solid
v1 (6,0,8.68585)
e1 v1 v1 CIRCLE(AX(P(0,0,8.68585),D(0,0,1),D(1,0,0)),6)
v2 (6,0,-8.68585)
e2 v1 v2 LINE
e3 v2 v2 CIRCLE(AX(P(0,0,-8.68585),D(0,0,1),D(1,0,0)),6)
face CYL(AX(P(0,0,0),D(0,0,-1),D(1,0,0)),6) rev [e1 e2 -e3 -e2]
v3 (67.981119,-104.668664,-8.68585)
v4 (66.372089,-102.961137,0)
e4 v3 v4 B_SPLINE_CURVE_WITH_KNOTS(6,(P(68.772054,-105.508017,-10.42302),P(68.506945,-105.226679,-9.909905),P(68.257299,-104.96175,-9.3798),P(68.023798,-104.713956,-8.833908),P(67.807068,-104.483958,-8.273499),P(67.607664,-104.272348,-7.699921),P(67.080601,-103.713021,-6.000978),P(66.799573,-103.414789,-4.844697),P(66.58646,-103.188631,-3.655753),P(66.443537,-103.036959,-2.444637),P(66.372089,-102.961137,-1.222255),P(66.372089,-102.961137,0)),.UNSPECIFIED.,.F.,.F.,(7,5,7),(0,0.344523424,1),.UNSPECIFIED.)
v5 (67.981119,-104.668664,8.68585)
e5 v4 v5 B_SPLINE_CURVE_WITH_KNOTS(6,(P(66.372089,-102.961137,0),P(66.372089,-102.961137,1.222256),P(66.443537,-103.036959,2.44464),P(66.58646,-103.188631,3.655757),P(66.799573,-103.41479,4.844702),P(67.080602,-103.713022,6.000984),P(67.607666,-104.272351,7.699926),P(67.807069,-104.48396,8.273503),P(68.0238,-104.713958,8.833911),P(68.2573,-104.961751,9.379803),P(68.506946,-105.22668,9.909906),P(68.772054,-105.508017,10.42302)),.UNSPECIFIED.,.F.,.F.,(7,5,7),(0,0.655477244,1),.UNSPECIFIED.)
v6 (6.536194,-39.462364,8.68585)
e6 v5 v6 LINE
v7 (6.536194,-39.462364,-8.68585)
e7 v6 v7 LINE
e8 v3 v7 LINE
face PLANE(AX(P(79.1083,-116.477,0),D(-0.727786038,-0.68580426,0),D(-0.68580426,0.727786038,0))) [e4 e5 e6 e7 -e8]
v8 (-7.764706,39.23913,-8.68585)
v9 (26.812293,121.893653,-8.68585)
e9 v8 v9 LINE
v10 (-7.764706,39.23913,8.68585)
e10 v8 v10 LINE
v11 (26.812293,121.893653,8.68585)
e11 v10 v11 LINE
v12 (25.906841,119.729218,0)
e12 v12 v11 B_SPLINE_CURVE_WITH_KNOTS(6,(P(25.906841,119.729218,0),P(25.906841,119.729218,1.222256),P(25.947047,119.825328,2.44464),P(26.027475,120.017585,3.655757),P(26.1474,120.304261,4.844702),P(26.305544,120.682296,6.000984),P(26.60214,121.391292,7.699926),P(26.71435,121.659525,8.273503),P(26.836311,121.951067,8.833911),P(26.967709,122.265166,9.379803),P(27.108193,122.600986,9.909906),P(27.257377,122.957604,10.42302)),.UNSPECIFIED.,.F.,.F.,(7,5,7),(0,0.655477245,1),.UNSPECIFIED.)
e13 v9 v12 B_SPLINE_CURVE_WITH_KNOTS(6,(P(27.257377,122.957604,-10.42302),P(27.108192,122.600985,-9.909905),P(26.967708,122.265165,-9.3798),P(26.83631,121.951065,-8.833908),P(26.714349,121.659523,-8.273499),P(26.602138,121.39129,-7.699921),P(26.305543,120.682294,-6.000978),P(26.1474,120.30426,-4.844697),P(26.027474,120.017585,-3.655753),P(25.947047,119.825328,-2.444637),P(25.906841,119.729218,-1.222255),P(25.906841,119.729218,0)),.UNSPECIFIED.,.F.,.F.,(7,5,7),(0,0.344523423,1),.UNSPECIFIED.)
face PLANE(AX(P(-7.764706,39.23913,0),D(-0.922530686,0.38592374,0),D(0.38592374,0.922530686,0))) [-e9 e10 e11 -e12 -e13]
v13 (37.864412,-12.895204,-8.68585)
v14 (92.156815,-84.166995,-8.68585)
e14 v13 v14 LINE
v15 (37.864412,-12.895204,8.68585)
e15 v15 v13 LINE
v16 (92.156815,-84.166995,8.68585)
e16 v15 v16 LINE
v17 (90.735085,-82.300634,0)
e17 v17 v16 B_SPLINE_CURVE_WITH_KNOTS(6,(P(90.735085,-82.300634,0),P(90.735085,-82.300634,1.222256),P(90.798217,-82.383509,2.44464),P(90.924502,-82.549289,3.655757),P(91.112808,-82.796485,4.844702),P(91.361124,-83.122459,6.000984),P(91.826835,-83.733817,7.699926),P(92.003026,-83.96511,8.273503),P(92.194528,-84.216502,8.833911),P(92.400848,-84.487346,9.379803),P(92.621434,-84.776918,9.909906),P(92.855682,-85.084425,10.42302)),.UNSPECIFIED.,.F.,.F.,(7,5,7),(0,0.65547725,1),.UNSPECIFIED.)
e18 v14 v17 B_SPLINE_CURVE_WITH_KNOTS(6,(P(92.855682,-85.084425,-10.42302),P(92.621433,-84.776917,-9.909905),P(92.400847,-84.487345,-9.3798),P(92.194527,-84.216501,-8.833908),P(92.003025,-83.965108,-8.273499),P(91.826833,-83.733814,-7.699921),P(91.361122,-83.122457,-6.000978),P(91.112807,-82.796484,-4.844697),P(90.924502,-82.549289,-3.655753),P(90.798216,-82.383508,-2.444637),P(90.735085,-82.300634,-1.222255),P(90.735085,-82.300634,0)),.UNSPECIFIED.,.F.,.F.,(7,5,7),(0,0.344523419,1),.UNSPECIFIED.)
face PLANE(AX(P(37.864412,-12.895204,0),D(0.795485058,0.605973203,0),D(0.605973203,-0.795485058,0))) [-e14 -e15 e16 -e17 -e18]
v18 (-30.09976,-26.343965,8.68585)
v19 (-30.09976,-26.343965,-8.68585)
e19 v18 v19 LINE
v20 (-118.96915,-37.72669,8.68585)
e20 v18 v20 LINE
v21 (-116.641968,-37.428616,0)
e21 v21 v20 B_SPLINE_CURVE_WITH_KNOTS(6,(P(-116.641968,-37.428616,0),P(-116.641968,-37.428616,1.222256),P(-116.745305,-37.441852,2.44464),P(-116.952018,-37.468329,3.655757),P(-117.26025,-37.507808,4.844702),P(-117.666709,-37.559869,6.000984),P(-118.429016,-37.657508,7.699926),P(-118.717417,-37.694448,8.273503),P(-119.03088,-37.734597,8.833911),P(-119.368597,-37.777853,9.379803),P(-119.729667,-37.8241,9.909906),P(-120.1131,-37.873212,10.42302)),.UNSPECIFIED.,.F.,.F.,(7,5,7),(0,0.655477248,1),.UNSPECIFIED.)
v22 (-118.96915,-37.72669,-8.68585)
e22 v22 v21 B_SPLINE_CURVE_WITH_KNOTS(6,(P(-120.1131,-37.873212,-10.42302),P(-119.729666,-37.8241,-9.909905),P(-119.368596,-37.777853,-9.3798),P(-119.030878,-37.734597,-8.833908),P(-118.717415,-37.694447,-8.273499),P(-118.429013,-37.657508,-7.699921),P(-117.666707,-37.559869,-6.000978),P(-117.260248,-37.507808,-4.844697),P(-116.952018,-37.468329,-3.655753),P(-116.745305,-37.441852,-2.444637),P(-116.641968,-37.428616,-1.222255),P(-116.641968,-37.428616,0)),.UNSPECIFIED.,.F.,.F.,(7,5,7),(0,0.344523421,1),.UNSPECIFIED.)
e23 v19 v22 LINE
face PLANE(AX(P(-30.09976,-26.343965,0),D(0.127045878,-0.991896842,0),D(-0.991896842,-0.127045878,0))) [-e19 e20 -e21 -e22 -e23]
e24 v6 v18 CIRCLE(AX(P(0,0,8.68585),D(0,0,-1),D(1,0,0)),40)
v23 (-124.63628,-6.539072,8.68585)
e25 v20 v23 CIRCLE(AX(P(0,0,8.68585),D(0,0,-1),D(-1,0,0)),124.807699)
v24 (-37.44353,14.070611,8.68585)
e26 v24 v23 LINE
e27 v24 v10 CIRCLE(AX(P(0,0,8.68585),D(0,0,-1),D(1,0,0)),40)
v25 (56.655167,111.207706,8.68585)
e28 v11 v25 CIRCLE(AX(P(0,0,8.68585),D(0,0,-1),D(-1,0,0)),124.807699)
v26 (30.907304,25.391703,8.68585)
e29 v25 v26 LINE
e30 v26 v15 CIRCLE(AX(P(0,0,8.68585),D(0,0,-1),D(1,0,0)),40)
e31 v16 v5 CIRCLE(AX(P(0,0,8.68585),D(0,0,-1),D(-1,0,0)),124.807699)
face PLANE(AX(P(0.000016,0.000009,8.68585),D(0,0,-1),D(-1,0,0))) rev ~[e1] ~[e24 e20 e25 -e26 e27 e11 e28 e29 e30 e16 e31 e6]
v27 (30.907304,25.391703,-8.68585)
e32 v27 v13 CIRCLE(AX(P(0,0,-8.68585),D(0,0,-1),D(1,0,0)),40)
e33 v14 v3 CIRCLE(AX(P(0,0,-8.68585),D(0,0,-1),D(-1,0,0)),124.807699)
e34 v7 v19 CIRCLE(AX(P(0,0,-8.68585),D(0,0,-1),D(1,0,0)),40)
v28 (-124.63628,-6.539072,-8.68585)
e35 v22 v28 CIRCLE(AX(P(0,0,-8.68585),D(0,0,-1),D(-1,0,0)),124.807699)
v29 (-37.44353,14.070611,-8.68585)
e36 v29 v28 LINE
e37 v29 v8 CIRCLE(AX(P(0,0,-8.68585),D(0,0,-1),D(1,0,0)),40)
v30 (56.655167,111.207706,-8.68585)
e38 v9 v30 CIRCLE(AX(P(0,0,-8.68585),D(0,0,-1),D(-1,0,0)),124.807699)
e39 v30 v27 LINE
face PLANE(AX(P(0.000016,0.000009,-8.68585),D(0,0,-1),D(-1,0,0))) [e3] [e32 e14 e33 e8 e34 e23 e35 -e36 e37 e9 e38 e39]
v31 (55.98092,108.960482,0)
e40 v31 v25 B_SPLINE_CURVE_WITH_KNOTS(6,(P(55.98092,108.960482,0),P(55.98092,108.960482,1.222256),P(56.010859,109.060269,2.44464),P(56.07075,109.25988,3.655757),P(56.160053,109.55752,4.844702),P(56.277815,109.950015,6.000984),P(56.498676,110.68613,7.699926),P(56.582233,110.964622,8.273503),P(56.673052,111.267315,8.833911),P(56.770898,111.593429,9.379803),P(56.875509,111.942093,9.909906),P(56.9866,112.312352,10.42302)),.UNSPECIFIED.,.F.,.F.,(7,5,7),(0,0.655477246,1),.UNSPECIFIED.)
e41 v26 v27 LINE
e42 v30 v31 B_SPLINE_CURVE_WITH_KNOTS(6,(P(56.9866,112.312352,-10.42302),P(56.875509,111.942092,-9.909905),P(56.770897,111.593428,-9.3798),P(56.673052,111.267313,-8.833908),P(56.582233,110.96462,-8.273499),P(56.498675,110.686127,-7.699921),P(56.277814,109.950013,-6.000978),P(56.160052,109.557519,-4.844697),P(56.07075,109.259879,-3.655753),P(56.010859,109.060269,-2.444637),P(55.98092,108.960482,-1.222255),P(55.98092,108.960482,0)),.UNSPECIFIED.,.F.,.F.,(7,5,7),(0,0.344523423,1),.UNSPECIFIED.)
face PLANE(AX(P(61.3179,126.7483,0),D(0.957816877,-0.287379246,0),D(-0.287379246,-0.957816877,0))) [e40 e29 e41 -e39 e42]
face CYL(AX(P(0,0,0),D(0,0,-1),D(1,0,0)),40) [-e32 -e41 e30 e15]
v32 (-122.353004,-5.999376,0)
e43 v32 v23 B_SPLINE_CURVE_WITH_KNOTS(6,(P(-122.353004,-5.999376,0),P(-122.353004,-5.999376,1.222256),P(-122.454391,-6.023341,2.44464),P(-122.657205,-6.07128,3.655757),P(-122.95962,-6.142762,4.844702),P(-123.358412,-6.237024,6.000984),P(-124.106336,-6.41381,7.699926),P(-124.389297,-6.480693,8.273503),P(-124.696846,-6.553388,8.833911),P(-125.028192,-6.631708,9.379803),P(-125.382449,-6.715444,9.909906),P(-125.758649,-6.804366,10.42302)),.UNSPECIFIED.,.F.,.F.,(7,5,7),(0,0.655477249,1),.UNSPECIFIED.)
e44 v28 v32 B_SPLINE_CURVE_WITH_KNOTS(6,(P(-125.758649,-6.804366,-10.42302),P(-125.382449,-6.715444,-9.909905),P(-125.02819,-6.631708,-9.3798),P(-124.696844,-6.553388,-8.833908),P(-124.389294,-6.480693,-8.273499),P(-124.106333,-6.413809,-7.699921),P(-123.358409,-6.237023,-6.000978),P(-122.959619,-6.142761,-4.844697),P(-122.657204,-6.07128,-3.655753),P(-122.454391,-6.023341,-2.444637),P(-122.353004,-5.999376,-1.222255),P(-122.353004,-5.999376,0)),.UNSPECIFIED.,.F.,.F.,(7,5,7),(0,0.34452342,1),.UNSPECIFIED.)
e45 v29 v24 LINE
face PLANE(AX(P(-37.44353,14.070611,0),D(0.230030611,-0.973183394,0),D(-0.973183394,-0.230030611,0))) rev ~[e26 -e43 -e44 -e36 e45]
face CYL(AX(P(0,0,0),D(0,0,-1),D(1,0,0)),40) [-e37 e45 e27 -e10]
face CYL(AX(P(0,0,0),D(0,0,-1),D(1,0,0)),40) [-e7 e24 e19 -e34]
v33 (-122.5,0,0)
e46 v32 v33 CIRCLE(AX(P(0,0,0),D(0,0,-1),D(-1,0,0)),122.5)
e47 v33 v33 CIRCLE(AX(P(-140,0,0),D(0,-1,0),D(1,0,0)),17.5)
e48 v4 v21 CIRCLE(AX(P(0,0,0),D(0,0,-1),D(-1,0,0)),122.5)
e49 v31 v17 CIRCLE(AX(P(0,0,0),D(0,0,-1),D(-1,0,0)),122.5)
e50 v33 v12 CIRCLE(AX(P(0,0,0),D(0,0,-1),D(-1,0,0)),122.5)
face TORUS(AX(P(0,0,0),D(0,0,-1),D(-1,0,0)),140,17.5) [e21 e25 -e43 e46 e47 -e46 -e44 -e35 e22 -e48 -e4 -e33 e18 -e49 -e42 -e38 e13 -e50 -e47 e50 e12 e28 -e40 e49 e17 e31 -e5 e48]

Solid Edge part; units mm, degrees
sketch "Sketch1" plane through (0, 0, 0) normal (0, -1, 0) x (1, 0, 0)
  circle A0 centre (-140, 0) radius 17.5
  dimension "D1" = 140
revolve "RevolvedProtrusion1" add sketch "Sketch1" angle 360 about axis through (0, 0, 54) along (0, 0, -1)
sketch "Sketch2" plane through (0, 0, 0) normal (0, 0, 1) x (1, 0, 0)
  line L0 (33.0739, 136.8617) -> (61.3179, 126.7483)
  line L1 (61.3179, 126.7483) -> (30.9073, 25.3917)
  arc A0 (30.9073, 25.3917) -> (37.8644, -12.8952) centre (0, 0) cw
  line L2 (37.8644, -12.8952) -> (101.9887, -97.0737)
  line L3 (101.9887, -97.0737) -> (79.1083, -116.477)
  line L4 (79.1083, -116.477) -> (6.5362, -39.4624)
  arc A1 (6.5362, -39.4624) -> (-30.0998, -26.344) centre (0, 0) cw
  line L5 (-30.0998, -26.344) -> (-135.0626, -39.788)
  line L6 (-135.0626, -39.788) -> (-140.4261, -10.2713)
  line L7 (-37.4435, 14.0706) -> (-140.4261, -10.2713)
  arc A2 (-37.4435, 14.0706) -> (-7.7647, 39.2391) centre (0, 0) cw
  line L8 (-7.7647, 39.2391) -> (33.0739, 136.8617)
  circle A3 centre (0, 0) radius 6
  dimension "D1" = 40
  dimension "D2" = 30
  dimension "D3" = 30
  dimension "D4" = 30
  dimension "D5" = 140
  dimension "D6" = 140
  dimension "D7" = 140
  dimension "D8" = 40
  dimension "D9" = 40
  dimension "D10" = 12
extrude "ExtrudedProtrusion_1" add sketch "Sketch2" along normal mid plane 17.3717
properties material "ABS Plastic, high impact"
